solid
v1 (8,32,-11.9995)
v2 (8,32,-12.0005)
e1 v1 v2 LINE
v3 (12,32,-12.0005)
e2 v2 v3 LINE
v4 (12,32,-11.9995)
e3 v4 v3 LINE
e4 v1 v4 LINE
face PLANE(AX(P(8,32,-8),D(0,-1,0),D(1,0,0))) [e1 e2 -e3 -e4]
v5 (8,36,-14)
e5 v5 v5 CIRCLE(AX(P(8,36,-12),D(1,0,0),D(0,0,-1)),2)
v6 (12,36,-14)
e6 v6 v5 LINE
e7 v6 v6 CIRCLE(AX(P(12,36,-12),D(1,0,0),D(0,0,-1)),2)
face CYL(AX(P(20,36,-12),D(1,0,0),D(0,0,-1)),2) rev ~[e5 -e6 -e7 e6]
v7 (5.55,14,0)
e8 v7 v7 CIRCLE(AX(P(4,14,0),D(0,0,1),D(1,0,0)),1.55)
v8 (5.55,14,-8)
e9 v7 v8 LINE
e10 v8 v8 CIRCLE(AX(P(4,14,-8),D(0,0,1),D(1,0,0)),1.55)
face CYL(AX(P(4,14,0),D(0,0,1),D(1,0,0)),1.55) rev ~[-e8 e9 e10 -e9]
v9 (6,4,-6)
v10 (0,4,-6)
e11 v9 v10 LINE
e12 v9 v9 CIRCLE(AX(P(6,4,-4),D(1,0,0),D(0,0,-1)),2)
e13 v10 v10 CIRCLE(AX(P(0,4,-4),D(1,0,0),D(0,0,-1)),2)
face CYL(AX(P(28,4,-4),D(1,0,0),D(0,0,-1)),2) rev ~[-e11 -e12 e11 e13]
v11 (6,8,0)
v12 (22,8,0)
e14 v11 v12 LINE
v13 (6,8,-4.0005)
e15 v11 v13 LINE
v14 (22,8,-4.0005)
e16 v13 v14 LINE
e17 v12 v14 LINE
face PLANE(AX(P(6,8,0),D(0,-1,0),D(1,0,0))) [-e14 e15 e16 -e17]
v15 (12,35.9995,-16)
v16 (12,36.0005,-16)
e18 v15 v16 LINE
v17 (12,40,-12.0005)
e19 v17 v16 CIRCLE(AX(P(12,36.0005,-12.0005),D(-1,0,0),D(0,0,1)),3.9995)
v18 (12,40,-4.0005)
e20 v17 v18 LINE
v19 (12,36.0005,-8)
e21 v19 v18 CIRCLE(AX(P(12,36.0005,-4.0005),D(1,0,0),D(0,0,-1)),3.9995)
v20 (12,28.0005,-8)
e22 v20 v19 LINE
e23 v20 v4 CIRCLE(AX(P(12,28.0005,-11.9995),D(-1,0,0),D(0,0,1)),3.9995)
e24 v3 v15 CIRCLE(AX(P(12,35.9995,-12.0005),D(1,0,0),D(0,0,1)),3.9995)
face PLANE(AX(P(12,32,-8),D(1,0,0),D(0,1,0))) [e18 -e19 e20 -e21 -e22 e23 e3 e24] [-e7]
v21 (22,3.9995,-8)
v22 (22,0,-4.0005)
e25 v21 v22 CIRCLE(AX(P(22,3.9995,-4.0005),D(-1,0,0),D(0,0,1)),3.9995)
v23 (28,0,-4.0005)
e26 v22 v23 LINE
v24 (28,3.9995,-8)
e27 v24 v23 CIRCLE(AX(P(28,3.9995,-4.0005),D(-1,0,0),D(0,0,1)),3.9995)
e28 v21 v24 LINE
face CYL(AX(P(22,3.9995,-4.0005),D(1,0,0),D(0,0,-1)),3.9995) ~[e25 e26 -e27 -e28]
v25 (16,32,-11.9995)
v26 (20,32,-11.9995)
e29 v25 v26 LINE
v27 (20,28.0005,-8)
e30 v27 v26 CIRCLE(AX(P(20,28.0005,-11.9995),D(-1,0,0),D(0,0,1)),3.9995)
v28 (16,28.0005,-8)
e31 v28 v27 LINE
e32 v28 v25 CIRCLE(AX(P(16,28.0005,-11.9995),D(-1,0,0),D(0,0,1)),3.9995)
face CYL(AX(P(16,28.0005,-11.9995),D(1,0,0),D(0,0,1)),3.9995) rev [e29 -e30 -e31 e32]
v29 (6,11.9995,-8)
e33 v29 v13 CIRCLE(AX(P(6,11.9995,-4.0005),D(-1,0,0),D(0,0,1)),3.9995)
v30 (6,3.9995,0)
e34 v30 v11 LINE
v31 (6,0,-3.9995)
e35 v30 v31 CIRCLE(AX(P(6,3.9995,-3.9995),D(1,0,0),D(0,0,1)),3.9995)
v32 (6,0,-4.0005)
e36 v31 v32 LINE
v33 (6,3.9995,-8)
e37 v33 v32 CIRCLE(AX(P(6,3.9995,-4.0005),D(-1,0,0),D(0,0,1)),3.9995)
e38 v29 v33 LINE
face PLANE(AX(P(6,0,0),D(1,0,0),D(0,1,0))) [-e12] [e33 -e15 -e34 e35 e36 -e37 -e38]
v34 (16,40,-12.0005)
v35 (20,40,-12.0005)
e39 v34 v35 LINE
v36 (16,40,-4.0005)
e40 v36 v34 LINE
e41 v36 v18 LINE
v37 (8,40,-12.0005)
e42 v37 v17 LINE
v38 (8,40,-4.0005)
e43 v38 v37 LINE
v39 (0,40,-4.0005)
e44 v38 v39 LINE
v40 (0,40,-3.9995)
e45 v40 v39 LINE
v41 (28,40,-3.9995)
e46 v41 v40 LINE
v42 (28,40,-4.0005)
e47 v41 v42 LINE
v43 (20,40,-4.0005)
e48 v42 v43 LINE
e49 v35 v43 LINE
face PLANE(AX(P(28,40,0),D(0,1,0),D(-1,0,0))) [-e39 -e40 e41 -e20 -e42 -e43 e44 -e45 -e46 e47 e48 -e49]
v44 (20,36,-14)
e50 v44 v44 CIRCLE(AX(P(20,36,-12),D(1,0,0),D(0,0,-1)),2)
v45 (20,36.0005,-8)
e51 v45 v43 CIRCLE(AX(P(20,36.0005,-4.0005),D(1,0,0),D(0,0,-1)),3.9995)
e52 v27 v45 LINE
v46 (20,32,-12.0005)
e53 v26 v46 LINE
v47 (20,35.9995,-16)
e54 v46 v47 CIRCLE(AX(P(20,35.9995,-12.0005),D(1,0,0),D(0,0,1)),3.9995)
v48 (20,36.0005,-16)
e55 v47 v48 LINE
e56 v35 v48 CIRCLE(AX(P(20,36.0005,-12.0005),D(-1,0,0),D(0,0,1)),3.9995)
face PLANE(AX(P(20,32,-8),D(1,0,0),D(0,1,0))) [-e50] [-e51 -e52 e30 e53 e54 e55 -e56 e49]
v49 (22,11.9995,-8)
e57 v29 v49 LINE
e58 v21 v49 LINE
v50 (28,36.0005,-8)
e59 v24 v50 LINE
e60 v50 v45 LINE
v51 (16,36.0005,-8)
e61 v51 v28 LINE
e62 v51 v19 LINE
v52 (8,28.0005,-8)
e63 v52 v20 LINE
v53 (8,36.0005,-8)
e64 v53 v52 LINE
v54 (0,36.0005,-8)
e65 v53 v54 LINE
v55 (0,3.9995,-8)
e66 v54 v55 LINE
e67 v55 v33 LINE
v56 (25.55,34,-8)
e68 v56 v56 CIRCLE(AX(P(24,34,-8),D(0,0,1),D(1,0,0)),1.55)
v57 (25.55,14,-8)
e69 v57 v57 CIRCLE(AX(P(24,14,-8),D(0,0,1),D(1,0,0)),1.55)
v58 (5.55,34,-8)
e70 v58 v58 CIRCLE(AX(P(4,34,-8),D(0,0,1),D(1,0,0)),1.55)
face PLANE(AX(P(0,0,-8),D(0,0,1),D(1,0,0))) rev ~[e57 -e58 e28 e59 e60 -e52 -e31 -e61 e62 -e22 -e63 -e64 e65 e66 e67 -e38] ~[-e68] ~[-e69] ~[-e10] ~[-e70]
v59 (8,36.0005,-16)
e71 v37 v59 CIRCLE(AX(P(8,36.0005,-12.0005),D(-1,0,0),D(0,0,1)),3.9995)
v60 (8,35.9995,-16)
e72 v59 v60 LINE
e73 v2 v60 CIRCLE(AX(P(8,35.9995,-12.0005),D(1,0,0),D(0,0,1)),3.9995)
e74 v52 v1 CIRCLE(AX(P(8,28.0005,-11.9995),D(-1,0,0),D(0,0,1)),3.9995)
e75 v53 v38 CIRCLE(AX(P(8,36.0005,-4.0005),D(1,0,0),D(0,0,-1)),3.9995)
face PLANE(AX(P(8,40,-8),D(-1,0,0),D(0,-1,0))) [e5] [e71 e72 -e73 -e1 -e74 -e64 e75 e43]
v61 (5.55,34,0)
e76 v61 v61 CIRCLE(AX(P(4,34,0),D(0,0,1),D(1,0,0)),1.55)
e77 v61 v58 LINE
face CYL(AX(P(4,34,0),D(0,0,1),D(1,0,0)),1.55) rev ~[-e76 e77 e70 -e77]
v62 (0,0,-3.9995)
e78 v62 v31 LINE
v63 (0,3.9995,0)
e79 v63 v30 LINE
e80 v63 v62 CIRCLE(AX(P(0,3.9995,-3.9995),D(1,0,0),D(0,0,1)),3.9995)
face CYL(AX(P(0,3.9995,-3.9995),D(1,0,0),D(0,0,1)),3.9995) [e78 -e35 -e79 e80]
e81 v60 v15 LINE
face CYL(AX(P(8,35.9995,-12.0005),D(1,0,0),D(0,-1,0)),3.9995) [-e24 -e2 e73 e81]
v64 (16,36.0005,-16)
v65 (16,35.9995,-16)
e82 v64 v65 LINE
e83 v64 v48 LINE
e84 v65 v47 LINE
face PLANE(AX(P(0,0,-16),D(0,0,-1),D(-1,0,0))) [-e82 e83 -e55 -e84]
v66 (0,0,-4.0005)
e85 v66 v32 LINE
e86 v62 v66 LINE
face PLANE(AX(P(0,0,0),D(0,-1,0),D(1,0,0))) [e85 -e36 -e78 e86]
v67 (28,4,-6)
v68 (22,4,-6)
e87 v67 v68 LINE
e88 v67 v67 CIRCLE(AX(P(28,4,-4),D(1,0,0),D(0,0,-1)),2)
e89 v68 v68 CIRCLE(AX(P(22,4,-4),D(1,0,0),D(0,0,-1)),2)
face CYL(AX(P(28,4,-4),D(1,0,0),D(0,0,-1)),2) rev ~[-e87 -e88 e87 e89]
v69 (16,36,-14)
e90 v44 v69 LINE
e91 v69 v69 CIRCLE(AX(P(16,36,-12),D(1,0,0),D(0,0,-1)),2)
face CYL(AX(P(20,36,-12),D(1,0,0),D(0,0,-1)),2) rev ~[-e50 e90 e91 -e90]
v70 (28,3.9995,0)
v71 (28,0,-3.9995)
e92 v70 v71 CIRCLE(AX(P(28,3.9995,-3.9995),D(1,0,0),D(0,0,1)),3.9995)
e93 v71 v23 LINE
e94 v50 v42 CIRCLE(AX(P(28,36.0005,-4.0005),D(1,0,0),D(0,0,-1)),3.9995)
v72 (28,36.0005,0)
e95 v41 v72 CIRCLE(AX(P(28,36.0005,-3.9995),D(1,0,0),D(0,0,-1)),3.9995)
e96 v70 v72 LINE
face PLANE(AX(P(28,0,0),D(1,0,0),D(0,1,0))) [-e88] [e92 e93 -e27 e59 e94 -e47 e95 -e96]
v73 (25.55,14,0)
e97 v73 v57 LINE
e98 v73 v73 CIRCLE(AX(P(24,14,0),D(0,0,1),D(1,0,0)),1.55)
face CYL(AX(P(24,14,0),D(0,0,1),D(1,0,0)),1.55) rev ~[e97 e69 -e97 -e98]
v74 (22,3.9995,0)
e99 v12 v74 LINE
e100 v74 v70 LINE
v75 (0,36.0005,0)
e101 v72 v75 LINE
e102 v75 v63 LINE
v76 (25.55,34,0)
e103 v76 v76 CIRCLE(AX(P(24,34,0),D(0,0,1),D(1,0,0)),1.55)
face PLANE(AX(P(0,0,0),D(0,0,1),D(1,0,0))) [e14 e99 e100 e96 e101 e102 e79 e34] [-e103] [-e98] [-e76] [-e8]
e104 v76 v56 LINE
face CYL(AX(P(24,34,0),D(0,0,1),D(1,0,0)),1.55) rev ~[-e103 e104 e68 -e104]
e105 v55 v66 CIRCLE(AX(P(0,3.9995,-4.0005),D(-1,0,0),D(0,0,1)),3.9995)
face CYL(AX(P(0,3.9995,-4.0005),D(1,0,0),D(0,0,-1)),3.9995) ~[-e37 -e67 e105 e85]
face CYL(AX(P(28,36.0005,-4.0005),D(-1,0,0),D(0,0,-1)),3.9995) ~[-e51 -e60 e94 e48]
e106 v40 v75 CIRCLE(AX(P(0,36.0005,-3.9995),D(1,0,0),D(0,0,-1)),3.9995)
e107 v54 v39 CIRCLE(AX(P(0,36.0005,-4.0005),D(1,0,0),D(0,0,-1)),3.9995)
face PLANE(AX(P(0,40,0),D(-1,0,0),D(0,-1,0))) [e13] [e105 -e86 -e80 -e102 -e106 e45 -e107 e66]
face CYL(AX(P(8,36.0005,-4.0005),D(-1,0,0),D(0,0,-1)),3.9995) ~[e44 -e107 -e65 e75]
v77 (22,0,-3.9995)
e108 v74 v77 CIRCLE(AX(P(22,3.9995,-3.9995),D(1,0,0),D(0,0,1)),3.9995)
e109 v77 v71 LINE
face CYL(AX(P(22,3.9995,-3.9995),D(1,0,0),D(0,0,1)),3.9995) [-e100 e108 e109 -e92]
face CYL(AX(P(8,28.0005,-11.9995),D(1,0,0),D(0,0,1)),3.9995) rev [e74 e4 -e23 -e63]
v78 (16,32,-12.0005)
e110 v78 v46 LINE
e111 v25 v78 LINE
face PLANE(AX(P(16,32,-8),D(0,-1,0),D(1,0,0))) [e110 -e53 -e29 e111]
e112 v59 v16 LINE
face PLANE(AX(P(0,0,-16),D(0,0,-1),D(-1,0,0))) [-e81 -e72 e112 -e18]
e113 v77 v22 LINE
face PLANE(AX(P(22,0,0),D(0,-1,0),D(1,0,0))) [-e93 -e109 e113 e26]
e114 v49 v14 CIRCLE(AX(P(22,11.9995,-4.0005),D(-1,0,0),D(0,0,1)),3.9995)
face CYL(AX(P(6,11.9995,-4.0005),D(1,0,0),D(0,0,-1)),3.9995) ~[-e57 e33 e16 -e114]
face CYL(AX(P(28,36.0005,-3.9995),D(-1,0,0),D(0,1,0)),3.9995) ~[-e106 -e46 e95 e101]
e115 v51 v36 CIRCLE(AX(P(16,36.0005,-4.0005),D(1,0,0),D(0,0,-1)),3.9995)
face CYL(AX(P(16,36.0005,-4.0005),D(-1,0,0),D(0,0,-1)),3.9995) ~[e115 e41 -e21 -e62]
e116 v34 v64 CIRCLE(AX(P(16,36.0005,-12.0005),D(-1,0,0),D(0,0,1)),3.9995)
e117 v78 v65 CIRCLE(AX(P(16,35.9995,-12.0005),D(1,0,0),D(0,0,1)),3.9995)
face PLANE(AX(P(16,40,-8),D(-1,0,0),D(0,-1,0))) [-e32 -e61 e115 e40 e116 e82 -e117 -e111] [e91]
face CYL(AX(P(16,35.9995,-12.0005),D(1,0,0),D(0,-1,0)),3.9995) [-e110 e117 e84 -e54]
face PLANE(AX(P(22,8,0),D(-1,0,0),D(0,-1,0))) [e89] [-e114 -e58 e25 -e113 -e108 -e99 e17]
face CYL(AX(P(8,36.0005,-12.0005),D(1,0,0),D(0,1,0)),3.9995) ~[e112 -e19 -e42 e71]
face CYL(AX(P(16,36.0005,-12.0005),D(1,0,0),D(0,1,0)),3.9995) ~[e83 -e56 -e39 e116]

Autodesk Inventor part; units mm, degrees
ref_plane "YZ Plane" through (0, 0, 0) normal (1, 0, 0) x (0, 1, 0)
ref_plane "XZ Plane" through (0, 0, 0) normal (0, 1, 0) x (-1, 0, 0)
ref_plane "XY Plane" through (0, 0, 0) normal (0, 0, 1) x (1, 0, 0)
sketch "Sketch1" plane through (0, 0, 0) normal (0, 0, 1) x (1, 0, 0)
  line L0 (0, 40) -> (0, 0)
  line L1 (0, 0) -> (6, 0)
  line L2 (6, 0) -> (6, 8)
  line L3 (6, 8) -> (22, 8)
  line L4 (22, 8) -> (22, 0)
  line L5 (22, 0) -> (28, 0)
  line L6 (28, 0) -> (28, 40)
  line L7 (28, 40) -> (0, 40)
  dimension "d0" = 6
  dimension "d1" = 6
  dimension "d2" = 16
  dimension "d3" = 40
  dimension "d4" = 8
extrude "Extrusion1" add sketch "Sketch1" against normal blind 8
sketch "Sketch2" plane through (28, 0, 0) normal (1, 0, 0) x (0, 0, -1)
  circle A0 centre (4, 4) radius 2
  line L0 (0, 0) -> (8, 0) projected
  line L1 (0, 0) -> (8, 0) projected
  point P0 (4, 0)
  dimension "d7" = 4
  dimension "d8" = 4
  dimension "d9" = 8
extrude "Extrusion2" cut sketch "Sketch2" against normal through all
fillet "Fillet1" radius 4 5 edges at (25, 0, 0) (3, 0, 0) (3, 0, -8) (25, 0, -8) (14, 8, -8)
sketch "Sketch3" plane through (0, 0, -8) normal (0, 0, -1) x (-1, 0, 0)
  line L0 (0, 40) -> (-28, 40) projected
  line L1 (-20, 40) -> (-16, 40)
  line L2 (-16, 40) -> (-16, 32)
  line L3 (-16, 32) -> (-20, 32)
  line L4 (-20, 32) -> (-20, 40)
  line L5 (-12, 40) -> (-8, 40)
  line L6 (-8, 40) -> (-8, 32)
  line L7 (-8, 32) -> (-12, 32)
  line L8 (-12, 32) -> (-12, 40)
  point P0 (0, 0)
  point P1 (-14, 40)
  dimension "d13" = 4
  dimension "d14" = 4
  dimension "d15" = 4
  dimension "d16" = 2
  dimension "d17" = 8
extrude "Extrusion3" add sketch "Sketch3" along normal blind 8
sketch "Sketch4" plane through (20, 32, -8) normal (1, 0, 0) x (0, 0, -1)
  circle A0 centre (4, 4) radius 2
  line L0 (8, 8) -> (8, 0) projected
  point P0 (-8, -32)
  dimension "d20" = 4
  dimension "d21" = 8
  dimension "d22" = 4
  dimension "d23" = 4
extrude "Extrusion4" cut sketch "Sketch4" against normal through all
fillet "Fillet2" radius 4 6 edges at (10, 40, -16) (18, 40, -16) (18, 32, -16) (10, 32, -16) (18, 32, -8) (10, 32, -8)
fillet "Fillet3" radius 4 4 edges at (14, 40, 0) (4, 40, -8) (14, 40, -8) (24, 40, -8)
sketch "Sketch5" plane through (0, 0, 0) normal (0, 0, 1) x (1, 0, 0)
  circle A0 centre (4, 34) radius 1.55
  line L0 (0, 36) -> (28, 36) construction
  line L1 (0, 36) -> (0, 4) construction
  circle A1 centre (4, 14) radius 1.55
  circle A2 centre (24, 34) radius 1.55
  circle A3 centre (24, 14) radius 1.55
  line L2 (28, 4) -> (28, 36) construction
  point P0 (0, 0)
  point P1 (14, 36)
  dimension "d30" = 20
  dimension "d33" = 20
  dimension "d36" = 2
  dimension "d37" = 10
  dimension "d38" = 3.1
extrude "Extrusion5" cut sketch "Sketch5" against normal up to surface (8 mm away)
equation "\"d0\" = d1"
equation "\"d4\" = 2 * arm_rod_diam"
equation "\"d5\" = 2 * arm_rod_diam"
equation "\"d7\" = arm_rod_diam"
equation "\"d8\" = 0.5 * d9"
equation "\"d12\" = arm_rod_diam"
equation "\"d13\" = d14"
equation "\"d16\" = 0.5 * d15"
equation "\"d18\" = 2 * arm_rod_diam"
equation "\"d20\" = arm_rod_diam"
equation "\"d22\" = 0.5 * d21"
equation "\"d23\" = d22"
equation "\"d26\" = arm_rod_diam"
equation "\"d27\" = arm_rod_diam"
equation "\"d37\" = 0.5 * d33"
equation "\"arm_rod_diam\" = 4"
properties part number "camera_arm"
